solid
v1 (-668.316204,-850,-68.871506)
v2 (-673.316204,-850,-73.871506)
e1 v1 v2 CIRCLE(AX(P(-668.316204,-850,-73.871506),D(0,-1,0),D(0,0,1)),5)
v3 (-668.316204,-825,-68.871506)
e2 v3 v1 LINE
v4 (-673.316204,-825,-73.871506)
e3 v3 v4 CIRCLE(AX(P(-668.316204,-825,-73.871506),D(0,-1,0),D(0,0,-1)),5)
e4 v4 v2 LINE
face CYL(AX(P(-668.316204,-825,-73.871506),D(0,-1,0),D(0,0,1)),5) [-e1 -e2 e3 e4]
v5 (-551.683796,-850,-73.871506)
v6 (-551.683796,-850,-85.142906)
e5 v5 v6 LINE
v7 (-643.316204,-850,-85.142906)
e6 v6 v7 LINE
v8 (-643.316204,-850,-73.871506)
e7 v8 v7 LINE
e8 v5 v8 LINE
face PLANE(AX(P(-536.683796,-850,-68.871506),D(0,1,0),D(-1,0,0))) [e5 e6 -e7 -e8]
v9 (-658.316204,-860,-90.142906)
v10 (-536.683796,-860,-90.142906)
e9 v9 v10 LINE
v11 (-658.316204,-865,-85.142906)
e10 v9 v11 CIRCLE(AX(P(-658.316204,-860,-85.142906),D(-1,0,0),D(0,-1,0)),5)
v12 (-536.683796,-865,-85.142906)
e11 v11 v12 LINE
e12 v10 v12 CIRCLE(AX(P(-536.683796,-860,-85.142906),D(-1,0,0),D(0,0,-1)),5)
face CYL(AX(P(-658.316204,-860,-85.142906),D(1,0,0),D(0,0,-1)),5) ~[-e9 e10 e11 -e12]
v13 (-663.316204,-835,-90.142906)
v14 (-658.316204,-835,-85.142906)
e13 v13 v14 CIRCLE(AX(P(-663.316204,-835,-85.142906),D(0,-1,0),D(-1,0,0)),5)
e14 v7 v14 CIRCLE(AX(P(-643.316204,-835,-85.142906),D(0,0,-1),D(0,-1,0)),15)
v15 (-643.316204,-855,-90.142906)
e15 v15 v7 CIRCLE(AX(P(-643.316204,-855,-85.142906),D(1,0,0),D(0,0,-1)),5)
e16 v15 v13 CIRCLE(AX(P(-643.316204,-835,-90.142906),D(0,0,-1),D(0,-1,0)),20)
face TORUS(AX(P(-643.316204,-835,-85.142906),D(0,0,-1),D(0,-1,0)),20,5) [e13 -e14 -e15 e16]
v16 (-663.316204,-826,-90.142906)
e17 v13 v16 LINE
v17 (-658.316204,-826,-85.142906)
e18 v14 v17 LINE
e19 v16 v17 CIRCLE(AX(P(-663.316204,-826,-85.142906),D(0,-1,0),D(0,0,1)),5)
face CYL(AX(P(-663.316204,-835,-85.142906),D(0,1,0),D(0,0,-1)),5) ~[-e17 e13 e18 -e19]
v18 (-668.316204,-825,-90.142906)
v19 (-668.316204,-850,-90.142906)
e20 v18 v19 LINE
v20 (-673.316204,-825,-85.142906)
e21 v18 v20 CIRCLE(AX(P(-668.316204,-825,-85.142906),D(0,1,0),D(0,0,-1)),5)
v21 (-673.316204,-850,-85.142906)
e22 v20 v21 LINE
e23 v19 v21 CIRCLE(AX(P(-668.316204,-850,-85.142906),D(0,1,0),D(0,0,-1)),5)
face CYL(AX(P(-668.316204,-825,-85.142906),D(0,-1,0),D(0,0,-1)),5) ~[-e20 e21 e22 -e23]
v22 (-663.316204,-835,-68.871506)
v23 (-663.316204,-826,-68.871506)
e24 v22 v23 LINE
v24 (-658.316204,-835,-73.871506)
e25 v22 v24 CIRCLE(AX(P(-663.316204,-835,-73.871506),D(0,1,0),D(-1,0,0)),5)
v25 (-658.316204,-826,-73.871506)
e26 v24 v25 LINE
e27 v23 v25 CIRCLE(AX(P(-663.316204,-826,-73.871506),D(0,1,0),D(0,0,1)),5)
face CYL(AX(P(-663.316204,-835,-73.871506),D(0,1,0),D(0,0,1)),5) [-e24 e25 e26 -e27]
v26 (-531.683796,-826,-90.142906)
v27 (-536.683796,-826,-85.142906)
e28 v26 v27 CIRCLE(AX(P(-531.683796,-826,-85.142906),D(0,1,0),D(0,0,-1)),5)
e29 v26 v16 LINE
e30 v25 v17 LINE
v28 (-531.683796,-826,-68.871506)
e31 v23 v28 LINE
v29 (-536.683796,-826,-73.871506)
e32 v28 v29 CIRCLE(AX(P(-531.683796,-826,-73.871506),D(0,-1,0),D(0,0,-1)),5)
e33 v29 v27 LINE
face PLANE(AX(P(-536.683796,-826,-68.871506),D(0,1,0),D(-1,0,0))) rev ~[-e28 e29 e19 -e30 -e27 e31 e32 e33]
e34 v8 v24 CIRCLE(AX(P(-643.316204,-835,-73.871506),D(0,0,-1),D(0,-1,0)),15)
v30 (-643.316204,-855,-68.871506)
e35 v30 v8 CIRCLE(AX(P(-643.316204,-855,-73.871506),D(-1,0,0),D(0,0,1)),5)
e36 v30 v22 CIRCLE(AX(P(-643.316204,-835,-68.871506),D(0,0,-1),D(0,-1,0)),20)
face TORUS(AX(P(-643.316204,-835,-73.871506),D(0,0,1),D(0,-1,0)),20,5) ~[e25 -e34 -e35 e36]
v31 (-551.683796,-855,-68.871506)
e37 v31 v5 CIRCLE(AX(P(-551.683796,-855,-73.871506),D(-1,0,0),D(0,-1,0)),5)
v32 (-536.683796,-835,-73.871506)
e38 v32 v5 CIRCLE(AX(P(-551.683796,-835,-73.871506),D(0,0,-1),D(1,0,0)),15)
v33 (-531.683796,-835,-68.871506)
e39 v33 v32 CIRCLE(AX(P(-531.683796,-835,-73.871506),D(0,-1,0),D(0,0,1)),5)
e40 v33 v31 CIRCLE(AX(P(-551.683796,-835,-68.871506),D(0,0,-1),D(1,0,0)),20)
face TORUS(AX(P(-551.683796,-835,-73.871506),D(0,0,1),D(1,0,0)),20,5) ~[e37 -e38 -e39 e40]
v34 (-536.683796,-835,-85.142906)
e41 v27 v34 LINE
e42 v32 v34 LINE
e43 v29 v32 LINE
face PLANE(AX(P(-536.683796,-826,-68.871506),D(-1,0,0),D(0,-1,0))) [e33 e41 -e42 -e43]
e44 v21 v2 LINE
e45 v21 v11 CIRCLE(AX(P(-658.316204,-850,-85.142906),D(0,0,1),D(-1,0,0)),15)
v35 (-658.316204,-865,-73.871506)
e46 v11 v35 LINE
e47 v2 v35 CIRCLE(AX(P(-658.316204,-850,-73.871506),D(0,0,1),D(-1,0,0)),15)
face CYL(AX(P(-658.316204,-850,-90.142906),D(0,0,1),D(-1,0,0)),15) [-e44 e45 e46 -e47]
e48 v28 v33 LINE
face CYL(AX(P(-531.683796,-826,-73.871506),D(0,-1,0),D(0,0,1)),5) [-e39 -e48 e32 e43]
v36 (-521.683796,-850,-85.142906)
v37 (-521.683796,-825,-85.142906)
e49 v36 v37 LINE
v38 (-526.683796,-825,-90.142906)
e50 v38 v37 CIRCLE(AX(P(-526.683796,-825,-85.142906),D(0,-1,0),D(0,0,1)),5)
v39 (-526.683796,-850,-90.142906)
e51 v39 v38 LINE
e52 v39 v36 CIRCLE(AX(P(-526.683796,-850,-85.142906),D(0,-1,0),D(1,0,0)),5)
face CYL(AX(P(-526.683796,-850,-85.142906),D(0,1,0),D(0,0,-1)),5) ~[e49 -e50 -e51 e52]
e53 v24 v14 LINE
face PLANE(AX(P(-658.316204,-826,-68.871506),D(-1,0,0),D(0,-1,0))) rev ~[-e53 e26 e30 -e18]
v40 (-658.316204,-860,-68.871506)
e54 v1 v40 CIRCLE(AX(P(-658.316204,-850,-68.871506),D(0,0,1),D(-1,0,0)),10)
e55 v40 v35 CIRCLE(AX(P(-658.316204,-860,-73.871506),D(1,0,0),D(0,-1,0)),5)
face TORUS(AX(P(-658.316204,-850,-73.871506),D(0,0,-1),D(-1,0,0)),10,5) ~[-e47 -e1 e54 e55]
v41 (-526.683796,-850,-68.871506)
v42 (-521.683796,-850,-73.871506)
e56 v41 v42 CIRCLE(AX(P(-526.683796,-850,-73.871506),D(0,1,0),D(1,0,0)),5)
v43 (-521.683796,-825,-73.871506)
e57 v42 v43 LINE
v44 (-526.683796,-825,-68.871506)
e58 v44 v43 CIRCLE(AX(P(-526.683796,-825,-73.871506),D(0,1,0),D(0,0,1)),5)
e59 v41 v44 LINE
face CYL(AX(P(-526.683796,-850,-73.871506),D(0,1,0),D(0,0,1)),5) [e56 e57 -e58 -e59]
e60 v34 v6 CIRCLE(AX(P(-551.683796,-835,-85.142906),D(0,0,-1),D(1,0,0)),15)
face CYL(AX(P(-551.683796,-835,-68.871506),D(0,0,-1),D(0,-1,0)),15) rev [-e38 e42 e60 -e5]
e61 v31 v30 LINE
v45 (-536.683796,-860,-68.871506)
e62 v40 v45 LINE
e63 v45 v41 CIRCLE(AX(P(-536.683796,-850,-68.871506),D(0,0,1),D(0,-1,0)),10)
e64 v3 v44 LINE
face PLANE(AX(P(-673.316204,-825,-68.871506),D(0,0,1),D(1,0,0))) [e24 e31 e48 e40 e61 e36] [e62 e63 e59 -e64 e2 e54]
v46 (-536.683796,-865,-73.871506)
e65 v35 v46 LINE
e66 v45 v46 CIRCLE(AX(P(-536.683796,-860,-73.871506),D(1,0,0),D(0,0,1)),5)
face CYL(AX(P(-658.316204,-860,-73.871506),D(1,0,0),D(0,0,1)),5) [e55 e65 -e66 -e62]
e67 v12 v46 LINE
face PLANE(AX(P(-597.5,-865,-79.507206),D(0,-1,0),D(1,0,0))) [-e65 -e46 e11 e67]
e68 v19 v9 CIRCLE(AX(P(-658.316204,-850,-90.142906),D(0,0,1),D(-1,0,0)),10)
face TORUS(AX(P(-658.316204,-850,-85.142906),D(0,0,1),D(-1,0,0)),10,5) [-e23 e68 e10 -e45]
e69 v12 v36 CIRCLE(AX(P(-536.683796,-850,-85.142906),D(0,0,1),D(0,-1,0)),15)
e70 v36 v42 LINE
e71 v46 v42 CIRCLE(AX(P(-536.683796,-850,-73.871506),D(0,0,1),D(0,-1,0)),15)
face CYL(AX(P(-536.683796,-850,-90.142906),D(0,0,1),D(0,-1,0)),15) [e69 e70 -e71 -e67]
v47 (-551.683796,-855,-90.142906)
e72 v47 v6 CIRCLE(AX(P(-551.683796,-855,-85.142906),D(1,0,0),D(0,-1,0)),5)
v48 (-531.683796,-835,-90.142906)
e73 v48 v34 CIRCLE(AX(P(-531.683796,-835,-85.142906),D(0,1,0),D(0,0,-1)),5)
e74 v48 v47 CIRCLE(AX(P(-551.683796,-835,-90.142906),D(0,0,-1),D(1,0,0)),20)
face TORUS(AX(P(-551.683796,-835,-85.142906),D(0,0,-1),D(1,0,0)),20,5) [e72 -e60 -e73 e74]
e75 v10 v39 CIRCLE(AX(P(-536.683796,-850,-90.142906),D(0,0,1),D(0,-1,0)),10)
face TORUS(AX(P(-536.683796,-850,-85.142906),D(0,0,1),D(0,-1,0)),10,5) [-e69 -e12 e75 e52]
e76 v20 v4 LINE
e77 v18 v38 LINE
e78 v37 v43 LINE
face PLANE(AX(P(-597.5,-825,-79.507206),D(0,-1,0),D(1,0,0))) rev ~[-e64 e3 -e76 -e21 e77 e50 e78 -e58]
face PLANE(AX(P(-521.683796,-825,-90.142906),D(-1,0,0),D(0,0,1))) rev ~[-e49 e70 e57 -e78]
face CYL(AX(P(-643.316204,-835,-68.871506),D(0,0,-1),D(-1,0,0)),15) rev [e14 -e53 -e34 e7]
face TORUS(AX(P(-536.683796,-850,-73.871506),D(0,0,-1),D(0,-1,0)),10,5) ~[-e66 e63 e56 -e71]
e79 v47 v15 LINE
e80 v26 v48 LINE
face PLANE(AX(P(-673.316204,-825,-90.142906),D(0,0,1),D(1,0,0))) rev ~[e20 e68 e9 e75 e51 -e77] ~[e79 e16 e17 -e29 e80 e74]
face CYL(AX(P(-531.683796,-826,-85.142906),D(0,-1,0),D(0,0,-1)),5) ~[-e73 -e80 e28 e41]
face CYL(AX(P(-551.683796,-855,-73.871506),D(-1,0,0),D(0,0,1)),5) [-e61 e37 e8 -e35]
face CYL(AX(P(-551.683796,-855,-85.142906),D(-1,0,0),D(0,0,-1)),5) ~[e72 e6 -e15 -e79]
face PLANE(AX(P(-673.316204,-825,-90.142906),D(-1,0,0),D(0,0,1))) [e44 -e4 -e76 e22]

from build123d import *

# Parameters (mm, degrees)
SKETCH010_W     = 151.632408
SKETCH010_H     = 21.2714
PAD007_DEPTH    = 40
SKETCH011_W     = 121.632408
SKETCH011_H     = 24
POCKET003_DEPTH = 21.2724
FILLET002_R     = 15
FILLET003_R     = 5


with BuildPart() as part:
    # Sketch010 (on Face1 of CopyPocket002) → Pad007 (new body)
    with BuildSketch(Plane.XZ.offset(825)):
        with Locations((-597.5, -79.507206)):
            Rectangle(SKETCH010_W, SKETCH010_H)
    extrude(amount=PAD007_DEPTH)

    # Sketch011 (on Face3 of Pad007) → Pocket003 (cut, through all)
    with BuildSketch(Plane(origin=(0, 0, -68.871506), x_dir=(-1, 0, 0), z_dir=(0, 0, 1))):
        with Locations((597.5, 838)):
            Rectangle(SKETCH011_W, SKETCH011_H)
    extrude(amount=-POCKET003_DEPTH, mode=Mode.SUBTRACT)

    # Fillet002
    fillet002_edges = [part.edges().sort_by_distance(p)[0] for p in [
        (-536.683796, -850, -79.507206),
        (-521.683796, -865, -79.507206),
        (-658.316204, -850, -79.507206),
        (-673.316204, -865, -79.507206),
    ]]
    fillet(fillet002_edges, radius=FILLET002_R)

    # Fillet003
    fillet003_edges = [part.edges().sort_by_distance(p)[0] for p in [
        (-597.5, -865, -68.871506),
        (-597.5, -865, -90.142906),
        (-597.5, -850, -68.871506),
        (-597.5, -850, -90.142906),
    ]]
    fillet(fillet003_edges, radius=FILLET003_R)


solid = part.part
